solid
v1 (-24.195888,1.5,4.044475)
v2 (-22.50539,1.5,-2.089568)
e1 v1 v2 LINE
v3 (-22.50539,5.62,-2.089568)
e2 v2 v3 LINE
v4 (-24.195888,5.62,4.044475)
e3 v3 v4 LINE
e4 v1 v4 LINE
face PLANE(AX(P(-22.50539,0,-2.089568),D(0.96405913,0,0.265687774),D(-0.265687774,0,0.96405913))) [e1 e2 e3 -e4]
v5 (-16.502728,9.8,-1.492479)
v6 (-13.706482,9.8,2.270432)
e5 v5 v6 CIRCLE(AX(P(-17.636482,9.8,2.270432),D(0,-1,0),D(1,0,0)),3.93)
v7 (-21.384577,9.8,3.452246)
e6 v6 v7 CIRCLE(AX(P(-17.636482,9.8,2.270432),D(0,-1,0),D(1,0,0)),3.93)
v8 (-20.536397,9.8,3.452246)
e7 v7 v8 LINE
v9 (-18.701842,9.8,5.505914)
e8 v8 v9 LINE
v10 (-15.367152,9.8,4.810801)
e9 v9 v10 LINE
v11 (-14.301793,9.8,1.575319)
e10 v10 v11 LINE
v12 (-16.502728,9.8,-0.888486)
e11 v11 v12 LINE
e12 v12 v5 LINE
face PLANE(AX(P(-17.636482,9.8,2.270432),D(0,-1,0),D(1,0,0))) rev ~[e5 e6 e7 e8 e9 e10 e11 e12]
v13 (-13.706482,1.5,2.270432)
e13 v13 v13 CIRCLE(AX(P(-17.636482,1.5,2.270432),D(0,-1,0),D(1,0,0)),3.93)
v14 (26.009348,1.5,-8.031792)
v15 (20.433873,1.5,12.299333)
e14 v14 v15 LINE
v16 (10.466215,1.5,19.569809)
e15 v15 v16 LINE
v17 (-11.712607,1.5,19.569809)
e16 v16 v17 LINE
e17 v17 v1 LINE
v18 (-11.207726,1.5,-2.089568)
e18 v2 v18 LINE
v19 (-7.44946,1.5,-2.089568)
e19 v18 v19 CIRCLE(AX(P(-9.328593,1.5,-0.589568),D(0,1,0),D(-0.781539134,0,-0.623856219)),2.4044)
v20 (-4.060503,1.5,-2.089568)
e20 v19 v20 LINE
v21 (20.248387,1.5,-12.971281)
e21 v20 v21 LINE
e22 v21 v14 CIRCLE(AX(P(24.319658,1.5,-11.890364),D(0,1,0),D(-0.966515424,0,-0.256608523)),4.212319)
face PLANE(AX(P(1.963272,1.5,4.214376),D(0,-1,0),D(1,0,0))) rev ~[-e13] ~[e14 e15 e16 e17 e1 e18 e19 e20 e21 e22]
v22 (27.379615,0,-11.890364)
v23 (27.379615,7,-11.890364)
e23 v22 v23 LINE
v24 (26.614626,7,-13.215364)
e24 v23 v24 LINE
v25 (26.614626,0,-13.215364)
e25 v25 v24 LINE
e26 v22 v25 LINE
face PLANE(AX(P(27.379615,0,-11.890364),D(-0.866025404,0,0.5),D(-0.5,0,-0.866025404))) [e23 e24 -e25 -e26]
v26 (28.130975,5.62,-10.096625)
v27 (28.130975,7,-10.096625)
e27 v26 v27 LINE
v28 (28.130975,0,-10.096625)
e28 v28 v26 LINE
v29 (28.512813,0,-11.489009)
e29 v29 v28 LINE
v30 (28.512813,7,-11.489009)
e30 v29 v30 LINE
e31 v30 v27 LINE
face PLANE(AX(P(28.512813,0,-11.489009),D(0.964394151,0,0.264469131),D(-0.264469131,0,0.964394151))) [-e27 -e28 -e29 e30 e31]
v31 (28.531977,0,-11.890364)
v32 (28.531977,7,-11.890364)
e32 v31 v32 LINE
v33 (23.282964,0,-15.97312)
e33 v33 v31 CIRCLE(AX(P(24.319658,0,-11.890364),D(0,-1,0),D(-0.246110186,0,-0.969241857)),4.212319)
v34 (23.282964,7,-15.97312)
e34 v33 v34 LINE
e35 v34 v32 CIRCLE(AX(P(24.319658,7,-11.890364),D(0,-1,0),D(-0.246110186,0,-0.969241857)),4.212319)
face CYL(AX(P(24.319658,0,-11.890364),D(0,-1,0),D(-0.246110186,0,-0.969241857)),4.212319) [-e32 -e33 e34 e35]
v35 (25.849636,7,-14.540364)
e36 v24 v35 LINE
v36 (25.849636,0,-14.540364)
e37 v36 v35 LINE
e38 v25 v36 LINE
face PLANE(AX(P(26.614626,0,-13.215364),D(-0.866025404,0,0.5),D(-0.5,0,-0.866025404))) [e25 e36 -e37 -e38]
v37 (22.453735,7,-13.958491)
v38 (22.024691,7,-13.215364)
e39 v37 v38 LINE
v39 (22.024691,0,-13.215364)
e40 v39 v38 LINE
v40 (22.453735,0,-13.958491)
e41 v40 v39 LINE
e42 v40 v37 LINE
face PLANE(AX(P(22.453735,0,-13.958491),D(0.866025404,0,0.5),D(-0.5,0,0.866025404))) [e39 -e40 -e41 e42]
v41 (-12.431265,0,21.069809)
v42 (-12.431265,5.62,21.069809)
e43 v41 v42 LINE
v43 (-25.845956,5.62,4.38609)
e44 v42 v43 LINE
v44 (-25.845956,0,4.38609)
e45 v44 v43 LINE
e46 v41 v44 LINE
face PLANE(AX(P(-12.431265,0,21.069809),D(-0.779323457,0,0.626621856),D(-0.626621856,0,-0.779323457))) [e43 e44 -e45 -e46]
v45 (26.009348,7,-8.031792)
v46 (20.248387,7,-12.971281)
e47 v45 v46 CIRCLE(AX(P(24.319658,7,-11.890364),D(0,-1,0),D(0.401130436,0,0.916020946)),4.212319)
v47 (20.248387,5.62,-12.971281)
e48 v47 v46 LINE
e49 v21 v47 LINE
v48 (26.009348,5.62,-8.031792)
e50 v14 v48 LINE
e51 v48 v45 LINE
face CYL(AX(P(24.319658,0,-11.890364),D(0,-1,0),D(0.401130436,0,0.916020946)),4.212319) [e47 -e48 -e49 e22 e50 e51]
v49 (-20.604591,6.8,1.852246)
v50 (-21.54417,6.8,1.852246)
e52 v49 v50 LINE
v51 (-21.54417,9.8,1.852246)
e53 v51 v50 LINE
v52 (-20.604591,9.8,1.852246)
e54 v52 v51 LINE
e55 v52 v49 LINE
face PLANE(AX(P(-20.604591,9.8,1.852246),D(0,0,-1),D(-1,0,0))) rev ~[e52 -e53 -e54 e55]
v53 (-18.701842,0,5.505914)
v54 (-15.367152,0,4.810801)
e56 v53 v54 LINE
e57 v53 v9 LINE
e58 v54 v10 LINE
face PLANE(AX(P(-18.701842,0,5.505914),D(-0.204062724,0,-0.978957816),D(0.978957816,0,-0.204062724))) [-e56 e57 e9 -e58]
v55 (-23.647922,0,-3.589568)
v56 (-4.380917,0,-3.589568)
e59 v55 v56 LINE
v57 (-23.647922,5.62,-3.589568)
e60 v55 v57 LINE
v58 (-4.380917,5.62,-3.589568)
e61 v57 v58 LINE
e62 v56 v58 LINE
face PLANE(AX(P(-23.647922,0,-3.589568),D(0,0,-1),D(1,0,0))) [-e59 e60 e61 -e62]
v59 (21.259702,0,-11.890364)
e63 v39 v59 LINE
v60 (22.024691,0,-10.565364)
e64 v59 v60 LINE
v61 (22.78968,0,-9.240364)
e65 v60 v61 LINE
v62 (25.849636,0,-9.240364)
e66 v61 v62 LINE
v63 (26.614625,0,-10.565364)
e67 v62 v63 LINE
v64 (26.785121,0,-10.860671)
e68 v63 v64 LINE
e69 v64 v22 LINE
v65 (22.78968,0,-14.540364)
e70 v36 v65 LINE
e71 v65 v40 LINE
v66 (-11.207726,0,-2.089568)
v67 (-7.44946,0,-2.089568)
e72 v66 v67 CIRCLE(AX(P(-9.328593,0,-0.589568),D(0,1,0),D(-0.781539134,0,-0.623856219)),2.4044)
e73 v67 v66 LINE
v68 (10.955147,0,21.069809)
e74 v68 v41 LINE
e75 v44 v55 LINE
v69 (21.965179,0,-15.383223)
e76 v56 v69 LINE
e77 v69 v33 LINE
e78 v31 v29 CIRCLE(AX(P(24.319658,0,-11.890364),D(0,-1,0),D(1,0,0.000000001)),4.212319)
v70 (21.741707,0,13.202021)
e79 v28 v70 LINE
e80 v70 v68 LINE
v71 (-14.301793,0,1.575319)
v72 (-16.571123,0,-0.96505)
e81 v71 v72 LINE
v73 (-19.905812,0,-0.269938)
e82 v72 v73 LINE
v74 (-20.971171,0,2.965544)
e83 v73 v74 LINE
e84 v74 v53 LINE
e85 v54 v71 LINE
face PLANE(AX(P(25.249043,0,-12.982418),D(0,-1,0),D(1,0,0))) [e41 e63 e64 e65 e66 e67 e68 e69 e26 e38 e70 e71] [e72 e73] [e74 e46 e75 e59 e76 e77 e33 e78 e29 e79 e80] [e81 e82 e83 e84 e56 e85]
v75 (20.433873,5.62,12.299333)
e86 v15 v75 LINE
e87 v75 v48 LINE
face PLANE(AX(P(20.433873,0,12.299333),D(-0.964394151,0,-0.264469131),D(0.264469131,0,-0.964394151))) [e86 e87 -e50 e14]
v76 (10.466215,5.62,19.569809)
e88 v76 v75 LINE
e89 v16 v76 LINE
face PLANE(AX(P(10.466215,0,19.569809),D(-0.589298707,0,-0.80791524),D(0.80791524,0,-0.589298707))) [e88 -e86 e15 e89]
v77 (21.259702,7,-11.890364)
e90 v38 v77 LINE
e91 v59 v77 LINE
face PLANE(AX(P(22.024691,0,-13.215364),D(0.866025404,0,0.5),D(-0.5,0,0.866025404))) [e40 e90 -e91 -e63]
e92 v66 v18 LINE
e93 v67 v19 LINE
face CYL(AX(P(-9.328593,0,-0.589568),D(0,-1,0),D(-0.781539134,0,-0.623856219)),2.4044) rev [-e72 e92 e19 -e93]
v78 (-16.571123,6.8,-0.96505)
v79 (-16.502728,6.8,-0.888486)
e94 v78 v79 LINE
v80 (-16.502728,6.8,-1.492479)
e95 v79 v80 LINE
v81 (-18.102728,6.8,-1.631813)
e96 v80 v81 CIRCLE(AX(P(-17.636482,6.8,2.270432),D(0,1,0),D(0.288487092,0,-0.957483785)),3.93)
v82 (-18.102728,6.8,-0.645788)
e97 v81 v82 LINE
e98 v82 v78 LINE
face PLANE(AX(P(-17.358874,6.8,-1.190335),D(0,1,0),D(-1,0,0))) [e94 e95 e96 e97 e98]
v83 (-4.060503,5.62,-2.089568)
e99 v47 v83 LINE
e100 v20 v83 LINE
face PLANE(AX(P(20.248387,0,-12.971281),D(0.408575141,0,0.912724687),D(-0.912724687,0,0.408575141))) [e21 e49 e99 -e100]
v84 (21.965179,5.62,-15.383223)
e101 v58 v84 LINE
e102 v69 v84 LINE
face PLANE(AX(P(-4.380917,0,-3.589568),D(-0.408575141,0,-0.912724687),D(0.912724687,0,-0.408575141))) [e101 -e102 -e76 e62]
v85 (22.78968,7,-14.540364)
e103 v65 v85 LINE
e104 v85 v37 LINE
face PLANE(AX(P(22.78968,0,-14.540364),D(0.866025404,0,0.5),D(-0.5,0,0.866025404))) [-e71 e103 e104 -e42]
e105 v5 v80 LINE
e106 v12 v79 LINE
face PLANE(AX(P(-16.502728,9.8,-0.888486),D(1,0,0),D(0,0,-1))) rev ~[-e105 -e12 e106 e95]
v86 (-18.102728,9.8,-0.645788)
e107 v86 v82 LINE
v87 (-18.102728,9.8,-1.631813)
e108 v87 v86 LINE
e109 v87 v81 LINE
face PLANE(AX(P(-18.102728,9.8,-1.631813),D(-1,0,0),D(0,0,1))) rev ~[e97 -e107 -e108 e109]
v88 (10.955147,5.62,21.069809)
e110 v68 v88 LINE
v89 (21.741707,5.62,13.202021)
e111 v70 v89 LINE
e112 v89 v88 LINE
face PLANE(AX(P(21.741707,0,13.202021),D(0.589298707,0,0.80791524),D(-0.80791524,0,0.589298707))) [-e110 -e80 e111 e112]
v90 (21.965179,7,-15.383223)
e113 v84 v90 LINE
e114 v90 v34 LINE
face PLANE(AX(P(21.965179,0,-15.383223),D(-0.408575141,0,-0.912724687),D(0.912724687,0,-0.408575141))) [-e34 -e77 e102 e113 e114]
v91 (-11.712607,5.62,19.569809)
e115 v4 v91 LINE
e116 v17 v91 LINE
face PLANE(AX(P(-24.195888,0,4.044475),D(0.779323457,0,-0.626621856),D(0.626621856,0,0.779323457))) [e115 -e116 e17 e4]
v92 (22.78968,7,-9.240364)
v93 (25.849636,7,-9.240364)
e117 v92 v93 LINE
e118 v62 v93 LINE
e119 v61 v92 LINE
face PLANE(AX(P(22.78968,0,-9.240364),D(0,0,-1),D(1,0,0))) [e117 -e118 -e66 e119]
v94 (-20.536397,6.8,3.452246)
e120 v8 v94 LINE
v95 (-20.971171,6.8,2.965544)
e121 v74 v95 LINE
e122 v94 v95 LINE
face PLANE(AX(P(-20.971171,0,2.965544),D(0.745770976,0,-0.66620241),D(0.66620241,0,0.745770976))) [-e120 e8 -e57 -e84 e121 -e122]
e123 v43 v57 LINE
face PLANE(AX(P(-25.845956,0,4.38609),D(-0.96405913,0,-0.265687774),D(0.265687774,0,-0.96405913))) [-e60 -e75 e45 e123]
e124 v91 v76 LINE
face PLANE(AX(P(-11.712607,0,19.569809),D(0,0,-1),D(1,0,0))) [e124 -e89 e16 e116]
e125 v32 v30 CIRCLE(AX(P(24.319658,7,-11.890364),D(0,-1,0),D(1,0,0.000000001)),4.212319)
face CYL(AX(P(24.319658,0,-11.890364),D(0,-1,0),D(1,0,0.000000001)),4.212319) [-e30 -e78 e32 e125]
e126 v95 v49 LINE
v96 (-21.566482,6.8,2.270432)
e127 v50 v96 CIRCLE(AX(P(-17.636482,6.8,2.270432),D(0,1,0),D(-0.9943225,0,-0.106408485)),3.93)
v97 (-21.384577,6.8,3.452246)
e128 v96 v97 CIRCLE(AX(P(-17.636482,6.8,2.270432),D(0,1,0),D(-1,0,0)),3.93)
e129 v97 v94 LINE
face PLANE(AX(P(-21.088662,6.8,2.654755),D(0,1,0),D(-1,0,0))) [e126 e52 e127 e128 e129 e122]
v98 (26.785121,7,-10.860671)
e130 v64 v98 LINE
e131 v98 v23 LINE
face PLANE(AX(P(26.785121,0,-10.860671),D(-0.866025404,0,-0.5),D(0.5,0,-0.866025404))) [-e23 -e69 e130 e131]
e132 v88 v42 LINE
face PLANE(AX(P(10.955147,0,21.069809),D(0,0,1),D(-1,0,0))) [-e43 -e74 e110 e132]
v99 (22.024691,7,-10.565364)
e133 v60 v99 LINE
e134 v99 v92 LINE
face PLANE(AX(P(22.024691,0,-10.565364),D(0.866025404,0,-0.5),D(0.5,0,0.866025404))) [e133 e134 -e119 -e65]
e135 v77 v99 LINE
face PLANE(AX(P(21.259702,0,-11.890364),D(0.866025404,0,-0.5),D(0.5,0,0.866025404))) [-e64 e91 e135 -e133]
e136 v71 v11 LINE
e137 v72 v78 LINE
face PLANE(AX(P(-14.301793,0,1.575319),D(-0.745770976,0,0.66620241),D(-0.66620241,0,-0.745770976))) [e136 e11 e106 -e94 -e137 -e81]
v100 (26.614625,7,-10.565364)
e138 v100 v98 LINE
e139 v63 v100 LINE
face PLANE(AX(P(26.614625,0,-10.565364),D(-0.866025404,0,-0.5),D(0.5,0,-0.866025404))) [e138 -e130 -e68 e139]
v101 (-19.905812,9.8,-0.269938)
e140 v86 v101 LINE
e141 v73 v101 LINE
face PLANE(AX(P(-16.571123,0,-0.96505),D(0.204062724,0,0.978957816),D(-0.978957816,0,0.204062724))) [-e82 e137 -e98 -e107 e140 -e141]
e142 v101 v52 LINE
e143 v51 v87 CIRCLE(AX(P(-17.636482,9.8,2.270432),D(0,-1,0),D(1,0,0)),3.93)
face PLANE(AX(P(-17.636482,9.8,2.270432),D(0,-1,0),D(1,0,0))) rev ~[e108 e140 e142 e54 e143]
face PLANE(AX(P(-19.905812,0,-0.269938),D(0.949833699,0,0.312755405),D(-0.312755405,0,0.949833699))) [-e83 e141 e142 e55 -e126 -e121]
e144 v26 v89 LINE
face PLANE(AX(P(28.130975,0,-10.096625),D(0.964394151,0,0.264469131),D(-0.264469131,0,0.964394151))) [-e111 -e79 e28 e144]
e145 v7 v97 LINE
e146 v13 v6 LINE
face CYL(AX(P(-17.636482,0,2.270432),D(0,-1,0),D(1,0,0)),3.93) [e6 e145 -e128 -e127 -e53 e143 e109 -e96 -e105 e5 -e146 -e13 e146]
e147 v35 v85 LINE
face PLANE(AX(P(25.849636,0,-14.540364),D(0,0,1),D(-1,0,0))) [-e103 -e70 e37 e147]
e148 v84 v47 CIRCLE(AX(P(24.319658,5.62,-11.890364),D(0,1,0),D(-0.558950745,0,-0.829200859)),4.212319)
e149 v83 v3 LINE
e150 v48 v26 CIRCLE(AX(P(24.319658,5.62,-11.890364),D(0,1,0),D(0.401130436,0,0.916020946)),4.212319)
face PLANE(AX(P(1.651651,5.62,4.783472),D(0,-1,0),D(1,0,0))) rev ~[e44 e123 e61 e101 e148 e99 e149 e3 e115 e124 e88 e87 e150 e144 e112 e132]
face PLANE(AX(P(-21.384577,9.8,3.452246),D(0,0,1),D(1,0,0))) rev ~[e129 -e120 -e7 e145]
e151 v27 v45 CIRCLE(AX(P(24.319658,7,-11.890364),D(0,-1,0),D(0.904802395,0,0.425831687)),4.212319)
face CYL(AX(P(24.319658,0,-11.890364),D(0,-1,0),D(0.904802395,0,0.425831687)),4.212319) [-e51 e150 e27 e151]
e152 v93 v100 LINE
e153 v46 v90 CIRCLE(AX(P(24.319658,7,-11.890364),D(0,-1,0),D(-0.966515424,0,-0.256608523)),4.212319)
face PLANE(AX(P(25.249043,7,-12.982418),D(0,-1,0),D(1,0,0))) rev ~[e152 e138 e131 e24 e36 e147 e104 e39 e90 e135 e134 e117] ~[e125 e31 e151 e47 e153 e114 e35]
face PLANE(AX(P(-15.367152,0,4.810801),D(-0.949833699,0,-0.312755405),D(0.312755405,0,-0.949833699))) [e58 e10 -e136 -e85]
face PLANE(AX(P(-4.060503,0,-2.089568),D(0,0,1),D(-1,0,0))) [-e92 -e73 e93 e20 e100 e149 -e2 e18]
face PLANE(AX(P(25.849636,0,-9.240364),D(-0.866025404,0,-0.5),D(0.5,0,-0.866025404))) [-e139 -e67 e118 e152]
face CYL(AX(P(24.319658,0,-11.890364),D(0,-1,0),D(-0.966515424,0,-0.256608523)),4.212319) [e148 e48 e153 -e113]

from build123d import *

# Parameters (mm, degrees)
F0_R     = 3.93
F1_DEPTH = 1.5
F2_DEPTH = 5.62
F3_DEPTH = 9.8
F4_DEPTH = 7
F7_DEPTH = 3


with BuildPart() as f1:
    # F0 (on Front) → F1 (new body)
    with BuildSketch(Plane.XZ):
        with BuildLine():
            Line((-22.505389868, -2.0895681901), (-11.2077256692, -2.0895681901))
            ThreePointArc((-11.2077256692, -2.0895681901), (-9.3285928413, 1.8148319814), (-7.4494600134, -2.0895681901))
            Line((-7.4494600134, -2.0895681901), (-4.0605032691, -2.0895681901))
            Line((-4.0605032691, -2.0895681901), (20.2483866423, -12.9712812224))
            ThreePointArc((20.2483866423, -12.9712812224), (21.5778297936, -8.6925507754), (26.0093476524, -8.0317915166))
            Line((26.0093476524, -8.0317915166), (20.4338732281, 12.2993333716))
            Line((20.4338732281, 12.2993333716), (10.4662147941, 19.5698092025))
            Line((10.4662147941, 19.5698092025), (-11.712607269, 19.5698092025))
            Line((-11.712607269, 19.5698092025), (-24.1958881701, 4.0444751638))
            Line((-24.1958881701, 4.0444751638), (-22.505389868, -2.0895681901))
        make_face()
        with Locations((-17.636482101, 2.2704318099)):
            Circle(F0_R, mode=Mode.SUBTRACT)
    extrude(amount=-F1_DEPTH)

    # F0 (on Front) → F2 (join)
    with BuildSketch(Plane.XZ):
        with BuildLine():
            Line((-7.4494600134, -2.0895681901), (-9.3285928413, -2.0895681901))
            Line((-9.3285928413, -2.0895681901), (-11.2077256692, -2.0895681901))
            Line((-11.2077256692, -2.0895681901), (-22.505389868, -2.0895681901))
            Line((-22.505389868, -2.0895681901), (-24.1958881701, 4.0444751638))
            Line((-24.1958881701, 4.0444751638), (-11.712607269, 19.5698092025))
            Line((-11.712607269, 19.5698092025), (10.4662147941, 19.5698092025))
            Line((10.4662147941, 19.5698092025), (20.4338732281, 12.2993333716))
            Line((20.4338732281, 12.2993333716), (26.0093476524, -8.0317915166))
            ThreePointArc((26.0093476524, -8.0317915166), (27.2575403042, -8.8716753621), (28.1309747483, -10.096625174))
            Line((28.1309747483, -10.096625174), (21.7417066053, 13.2020214837))
            Line((21.7417066053, 13.2020214837), (10.9551470408, 21.0698092025))
            Line((10.9551470408, 21.0698092025), (-12.4312654999, 21.0698092025))
            Line((-12.4312654999, 21.0698092025), (-25.8459559813, 4.3860902027))
            Line((-25.8459559813, 4.3860902027), (-23.6479217985, -3.5895681901))
            Line((-23.6479217985, -3.5895681901), (-4.3809167168, -3.5895681901))
            Line((-4.3809167168, -3.5895681901), (21.9651791943, -15.3832229506))
            ThreePointArc((21.9651791943, -15.3832229506), (20.887904522, -14.3330472271), (20.2483866423, -12.9712812224))
            Line((20.2483866423, -12.9712812224), (-4.0605032691, -2.0895681901))
            Line((-4.0605032691, -2.0895681901), (-7.4494600134, -2.0895681901))
        make_face()
    extrude(amount=-F2_DEPTH)

    # F0 (on Front) → F3 (join)
    with BuildSketch(Plane.XZ):
        with Locations((-17.636482101, 2.2704318099)):
            Circle(F0_R)
        Polygon((-16.5711225386, -0.9650499681), (-19.9058117331, -0.2699375244), (-20.9711712955, 2.9655442536), (-18.7018416635, 5.5059135879), (-15.367152469, 4.8108011442), (-14.3017929065, 1.5753193661), align=None, mode=Mode.SUBTRACT)
    extrude(amount=-F3_DEPTH)

    # F0 (on Front) → F4 (join)
    with BuildSketch(Plane.XZ):
        with BuildLine():
            Line((22.4537352546, -13.9584908738), (20.2483866423, -12.9712812224))
            ThreePointArc((20.2483866423, -12.9712812224), (20.887904522, -14.3330472271), (21.9651791943, -15.3832229506))
            Line((21.9651791943, -15.3832229506), (23.2829635099, -15.9731203426))
            ThreePointArc((23.2829635099, -15.9731203426), (26.905846951, -15.2153095013), (28.5319774541, -11.8903641956))
            ThreePointArc((28.5319774541, -11.8903641956), (28.5271836329, -11.6894581734), (28.5128130807, -11.4890094325))
            Line((28.5128130807, -11.4890094325), (28.1309747483, -10.096625174))
            ThreePointArc((28.1309747483, -10.096625174), (27.2575403042, -8.8716753621), (26.0093476524, -8.0317915166))
            Line((26.0093476524, -8.0317915166), (26.7851210641, -10.8606711631))
            Line((26.7851210641, -10.8606711631), (27.3796146136, -11.8903641956))
            Line((27.3796146136, -11.8903641956), (26.6146255071, -13.2153641953))
            Line((26.6146255071, -13.2153641953), (25.8496364003, -14.5403641956))
            Line((25.8496364003, -14.5403641956), (24.3196581869, -14.5403641956))
            Line((24.3196581869, -14.5403641956), (22.7896799735, -14.5403641956))
            Line((22.7896799735, -14.5403641956), (22.4537352546, -13.9584908738))
        make_face()
        with BuildLine():
            ThreePointArc((26.0093476524, -8.0317915166), (21.5778297936, -8.6925507754), (20.2483866423, -12.9712812224))
            Line((20.2483866423, -12.9712812224), (22.4537352546, -13.9584908738))
            Line((22.4537352546, -13.9584908738), (22.024690908, -13.2153642668))
            Line((22.024690908, -13.2153642668), (21.2597017602, -11.8903641956))
            Line((21.2597017602, -11.8903641956), (22.0246909248, -10.5653640952))
            Line((22.0246909248, -10.5653640952), (22.7896799735, -9.2403641956))
            Line((22.7896799735, -9.2403641956), (24.3196581869, -9.2403641956))
            Line((24.3196581869, -9.2403641956), (25.8496364003, -9.2403641956))
            Line((25.8496364003, -9.2403641956), (26.6146254836, -10.5653641553))
            Line((26.6146254836, -10.5653641553), (26.7851210641, -10.8606711631))
            Line((26.7851210641, -10.8606711631), (26.0093476524, -8.0317915166))
        make_face()
    extrude(amount=-F4_DEPTH)

    # F6 (on face) → F7 (cut)
    with BuildSketch(Plane(origin=(0, 9.8, 0), x_dir=(-1, 0, 0), z_dir=(0, 1, 0))):
        with BuildLine():
            ThreePointArc((16.5027278304, -1.4924794638), (17.2955343411, -1.6447507689), (18.1027278304, -1.6318130466))
            Line((18.1027278304, -1.6318130466), (18.1027278304, -0.6457884612))
            Line((18.1027278304, -0.6457884612), (16.5711225386, -0.9650499681))
            Line((16.5711225386, -0.9650499681), (16.5027278304, -0.8884864682))
            Line((16.5027278304, -0.8884864682), (16.5027278304, -1.4924794638))
        make_face()
        with BuildLine():
            Line((20.9711712955, 2.9655442536), (20.60459144, 1.852246467))
            Line((20.60459144, 1.852246467), (21.544169527, 1.852246467))
            ThreePointArc((21.544169527, 1.852246467), (21.5608999932, 2.0610417242), (21.566482101, 2.2704318099))
            ThreePointArc((21.566482101, 2.2704318099), (21.520739578, 2.8682978924), (21.3845768325, 3.452246467))
            Line((21.3845768325, 3.452246467), (20.5363968161, 3.452246467))
            Line((20.5363968161, 3.452246467), (20.9711712955, 2.9655442536))
        make_face()
    extrude(amount=-F7_DEPTH, mode=Mode.SUBTRACT)


solid = f1.part
